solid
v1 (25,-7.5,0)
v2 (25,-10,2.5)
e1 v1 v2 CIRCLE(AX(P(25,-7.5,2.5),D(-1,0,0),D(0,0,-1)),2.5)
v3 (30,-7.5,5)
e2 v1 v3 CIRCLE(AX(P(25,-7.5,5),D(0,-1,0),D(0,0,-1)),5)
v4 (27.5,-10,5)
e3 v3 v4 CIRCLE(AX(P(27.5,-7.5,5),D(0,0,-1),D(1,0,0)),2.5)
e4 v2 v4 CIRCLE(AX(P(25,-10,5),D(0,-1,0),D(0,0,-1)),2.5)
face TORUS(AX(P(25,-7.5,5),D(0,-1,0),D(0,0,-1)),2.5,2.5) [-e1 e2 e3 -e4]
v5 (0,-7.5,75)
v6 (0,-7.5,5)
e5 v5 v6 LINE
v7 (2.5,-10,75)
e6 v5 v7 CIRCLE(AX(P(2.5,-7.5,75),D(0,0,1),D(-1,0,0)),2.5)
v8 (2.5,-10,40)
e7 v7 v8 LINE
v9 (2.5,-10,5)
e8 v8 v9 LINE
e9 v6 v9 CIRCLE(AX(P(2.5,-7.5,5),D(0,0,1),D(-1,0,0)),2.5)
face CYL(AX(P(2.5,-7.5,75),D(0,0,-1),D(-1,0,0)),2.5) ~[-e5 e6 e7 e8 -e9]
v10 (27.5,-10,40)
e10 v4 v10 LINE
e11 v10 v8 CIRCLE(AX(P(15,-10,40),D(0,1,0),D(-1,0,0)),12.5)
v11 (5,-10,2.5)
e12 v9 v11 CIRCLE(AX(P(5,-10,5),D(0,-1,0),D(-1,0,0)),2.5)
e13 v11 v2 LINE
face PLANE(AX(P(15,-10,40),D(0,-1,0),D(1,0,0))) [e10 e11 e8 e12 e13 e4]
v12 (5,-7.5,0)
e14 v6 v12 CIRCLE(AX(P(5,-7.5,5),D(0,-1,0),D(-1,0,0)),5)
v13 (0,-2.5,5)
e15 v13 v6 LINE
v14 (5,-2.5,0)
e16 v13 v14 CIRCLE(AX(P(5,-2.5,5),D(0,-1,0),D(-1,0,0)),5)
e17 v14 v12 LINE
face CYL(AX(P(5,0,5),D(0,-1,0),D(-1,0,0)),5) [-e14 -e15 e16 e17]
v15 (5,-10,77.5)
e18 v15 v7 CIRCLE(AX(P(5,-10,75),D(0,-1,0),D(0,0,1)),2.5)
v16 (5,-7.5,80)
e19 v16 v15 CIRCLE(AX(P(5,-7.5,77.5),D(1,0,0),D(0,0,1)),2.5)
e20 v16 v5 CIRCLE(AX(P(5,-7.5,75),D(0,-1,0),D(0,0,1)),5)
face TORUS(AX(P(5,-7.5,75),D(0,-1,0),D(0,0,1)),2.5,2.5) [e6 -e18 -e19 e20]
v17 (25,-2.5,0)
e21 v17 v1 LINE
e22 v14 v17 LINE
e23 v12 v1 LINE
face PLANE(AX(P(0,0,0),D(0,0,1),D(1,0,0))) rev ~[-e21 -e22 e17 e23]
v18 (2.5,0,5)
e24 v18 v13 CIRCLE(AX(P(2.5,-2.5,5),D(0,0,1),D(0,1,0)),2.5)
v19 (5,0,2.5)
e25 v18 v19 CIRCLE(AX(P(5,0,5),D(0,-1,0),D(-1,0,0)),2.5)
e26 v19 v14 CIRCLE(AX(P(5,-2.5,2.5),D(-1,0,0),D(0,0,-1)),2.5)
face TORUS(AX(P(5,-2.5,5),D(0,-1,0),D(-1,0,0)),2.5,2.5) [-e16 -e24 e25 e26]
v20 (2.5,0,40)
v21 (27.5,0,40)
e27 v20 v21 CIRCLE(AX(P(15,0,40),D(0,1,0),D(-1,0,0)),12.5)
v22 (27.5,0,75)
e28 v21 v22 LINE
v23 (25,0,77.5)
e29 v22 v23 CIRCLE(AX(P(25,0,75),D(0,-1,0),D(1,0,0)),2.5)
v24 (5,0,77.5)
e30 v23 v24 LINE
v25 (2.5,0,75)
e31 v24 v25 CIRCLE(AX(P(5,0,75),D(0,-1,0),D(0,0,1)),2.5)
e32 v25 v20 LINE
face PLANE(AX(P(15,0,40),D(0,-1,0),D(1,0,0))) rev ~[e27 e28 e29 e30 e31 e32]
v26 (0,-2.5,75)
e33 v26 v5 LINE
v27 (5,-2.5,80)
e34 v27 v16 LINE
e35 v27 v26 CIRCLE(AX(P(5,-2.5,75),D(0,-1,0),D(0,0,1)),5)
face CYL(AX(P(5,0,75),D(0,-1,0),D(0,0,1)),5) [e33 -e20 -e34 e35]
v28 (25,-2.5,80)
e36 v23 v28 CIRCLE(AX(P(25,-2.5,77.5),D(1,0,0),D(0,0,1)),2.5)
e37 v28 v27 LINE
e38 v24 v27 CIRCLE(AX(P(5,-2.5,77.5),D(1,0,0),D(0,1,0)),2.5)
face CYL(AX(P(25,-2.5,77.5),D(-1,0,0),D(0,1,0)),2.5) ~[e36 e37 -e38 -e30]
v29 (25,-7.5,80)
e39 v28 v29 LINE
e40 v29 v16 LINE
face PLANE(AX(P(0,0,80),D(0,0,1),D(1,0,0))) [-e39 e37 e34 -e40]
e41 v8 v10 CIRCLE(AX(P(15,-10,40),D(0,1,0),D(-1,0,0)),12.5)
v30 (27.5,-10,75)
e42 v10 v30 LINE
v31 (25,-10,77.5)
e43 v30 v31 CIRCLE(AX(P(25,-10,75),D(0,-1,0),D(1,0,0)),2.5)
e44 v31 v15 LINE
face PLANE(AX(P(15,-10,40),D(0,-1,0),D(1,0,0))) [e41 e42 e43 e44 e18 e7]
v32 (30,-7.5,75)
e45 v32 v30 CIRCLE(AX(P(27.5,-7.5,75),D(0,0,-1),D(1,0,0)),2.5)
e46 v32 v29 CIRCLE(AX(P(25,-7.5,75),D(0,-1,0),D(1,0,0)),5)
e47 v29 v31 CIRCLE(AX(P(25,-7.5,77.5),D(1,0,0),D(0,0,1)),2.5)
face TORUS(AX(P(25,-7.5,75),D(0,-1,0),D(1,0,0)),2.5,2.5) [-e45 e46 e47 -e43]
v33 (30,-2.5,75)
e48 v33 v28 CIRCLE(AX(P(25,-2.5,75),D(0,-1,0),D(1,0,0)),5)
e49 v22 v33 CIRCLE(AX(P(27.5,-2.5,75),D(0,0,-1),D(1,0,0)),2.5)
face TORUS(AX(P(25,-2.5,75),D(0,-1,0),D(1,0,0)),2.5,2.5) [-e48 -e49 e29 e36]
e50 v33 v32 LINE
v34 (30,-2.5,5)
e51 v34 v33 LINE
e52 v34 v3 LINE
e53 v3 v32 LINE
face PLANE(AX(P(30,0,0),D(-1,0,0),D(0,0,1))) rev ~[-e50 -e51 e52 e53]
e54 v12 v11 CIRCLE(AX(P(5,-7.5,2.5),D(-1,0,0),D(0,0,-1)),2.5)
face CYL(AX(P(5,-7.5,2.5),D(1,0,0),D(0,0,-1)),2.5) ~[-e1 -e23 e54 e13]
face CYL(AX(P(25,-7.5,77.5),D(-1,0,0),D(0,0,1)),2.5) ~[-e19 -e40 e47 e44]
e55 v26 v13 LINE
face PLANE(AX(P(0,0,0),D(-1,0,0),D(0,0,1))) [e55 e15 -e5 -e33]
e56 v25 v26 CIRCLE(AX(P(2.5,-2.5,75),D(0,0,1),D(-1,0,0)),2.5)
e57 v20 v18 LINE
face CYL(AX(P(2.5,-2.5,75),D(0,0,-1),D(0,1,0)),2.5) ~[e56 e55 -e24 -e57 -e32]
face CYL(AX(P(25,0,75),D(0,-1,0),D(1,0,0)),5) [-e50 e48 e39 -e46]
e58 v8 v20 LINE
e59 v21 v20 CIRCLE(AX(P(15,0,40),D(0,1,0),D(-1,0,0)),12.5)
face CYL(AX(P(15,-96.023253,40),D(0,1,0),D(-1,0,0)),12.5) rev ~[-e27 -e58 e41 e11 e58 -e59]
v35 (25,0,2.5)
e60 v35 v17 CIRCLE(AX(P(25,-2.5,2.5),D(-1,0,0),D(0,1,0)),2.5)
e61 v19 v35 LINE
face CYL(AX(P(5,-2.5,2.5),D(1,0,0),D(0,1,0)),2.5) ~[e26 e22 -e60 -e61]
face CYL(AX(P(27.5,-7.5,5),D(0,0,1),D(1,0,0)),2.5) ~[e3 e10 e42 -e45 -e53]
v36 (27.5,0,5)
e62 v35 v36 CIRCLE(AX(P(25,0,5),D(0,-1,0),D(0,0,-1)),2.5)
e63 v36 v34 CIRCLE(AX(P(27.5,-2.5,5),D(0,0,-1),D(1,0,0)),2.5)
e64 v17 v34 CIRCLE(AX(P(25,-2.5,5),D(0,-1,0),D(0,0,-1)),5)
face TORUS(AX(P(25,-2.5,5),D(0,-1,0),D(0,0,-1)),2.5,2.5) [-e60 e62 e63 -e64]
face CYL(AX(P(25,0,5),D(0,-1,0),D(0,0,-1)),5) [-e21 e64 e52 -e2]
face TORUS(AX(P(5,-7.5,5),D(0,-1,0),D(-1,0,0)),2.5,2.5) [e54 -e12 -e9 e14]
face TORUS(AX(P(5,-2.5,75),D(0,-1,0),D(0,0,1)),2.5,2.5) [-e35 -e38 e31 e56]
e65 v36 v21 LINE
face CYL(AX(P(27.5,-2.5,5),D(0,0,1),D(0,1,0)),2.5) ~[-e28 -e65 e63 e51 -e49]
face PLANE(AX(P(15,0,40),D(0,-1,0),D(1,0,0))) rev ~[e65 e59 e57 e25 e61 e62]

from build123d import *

# Parameters (mm, degrees)
F0_W     = 30
F0_H     = 80
F1_DEPTH = 10
F2_R     = 5
F3_R     = 5
F4_R     = 5
F5_R     = 5
F6_R     = 2.5
F7_R     = 2.5
F9_D     = 25


with BuildPart() as f1:
    # F0 (on Front) → F1 (new body)
    with BuildSketch(Plane.XZ):
        with Locations((15, 40)):
            Rectangle(F0_W, F0_H)
    extrude(amount=F1_DEPTH)

    # F2
    f2_edges = [f1.edges().sort_by_distance(p)[0] for p in [
        (30, -5, 80),
    ]]
    fillet(f2_edges, radius=F2_R)

    # F3
    f3_edges = [f1.edges().sort_by_distance(p)[0] for p in [
        (0, -5, 80),
    ]]
    fillet(f3_edges, radius=F3_R)

    # F4
    f4_edges = [f1.edges().sort_by_distance(p)[0] for p in [
        (0, -5, 0),
    ]]
    fillet(f4_edges, radius=F4_R)

    # F5
    f5_edges = [f1.edges().sort_by_distance(p)[0] for p in [
        (30, -5, 0),
    ]]
    fillet(f5_edges, radius=F5_R)

    # F6
    f6_edges = [f1.edges().sort_by_distance(p)[0] for p in [
        (28.535534, -10, 78.535534),
    ]]
    fillet(f6_edges, radius=F6_R)

    # F7
    f7_edges = [f1.edges().sort_by_distance(p)[0] for p in [
        (28.535534, 0, 78.535534),
    ]]
    fillet(f7_edges, radius=F7_R)

    # F9 (through all)
    with Locations(Plane.XZ.offset(10)):
        with Locations((15, 40)):
            Hole(F9_D / 2)


solid = f1.part
